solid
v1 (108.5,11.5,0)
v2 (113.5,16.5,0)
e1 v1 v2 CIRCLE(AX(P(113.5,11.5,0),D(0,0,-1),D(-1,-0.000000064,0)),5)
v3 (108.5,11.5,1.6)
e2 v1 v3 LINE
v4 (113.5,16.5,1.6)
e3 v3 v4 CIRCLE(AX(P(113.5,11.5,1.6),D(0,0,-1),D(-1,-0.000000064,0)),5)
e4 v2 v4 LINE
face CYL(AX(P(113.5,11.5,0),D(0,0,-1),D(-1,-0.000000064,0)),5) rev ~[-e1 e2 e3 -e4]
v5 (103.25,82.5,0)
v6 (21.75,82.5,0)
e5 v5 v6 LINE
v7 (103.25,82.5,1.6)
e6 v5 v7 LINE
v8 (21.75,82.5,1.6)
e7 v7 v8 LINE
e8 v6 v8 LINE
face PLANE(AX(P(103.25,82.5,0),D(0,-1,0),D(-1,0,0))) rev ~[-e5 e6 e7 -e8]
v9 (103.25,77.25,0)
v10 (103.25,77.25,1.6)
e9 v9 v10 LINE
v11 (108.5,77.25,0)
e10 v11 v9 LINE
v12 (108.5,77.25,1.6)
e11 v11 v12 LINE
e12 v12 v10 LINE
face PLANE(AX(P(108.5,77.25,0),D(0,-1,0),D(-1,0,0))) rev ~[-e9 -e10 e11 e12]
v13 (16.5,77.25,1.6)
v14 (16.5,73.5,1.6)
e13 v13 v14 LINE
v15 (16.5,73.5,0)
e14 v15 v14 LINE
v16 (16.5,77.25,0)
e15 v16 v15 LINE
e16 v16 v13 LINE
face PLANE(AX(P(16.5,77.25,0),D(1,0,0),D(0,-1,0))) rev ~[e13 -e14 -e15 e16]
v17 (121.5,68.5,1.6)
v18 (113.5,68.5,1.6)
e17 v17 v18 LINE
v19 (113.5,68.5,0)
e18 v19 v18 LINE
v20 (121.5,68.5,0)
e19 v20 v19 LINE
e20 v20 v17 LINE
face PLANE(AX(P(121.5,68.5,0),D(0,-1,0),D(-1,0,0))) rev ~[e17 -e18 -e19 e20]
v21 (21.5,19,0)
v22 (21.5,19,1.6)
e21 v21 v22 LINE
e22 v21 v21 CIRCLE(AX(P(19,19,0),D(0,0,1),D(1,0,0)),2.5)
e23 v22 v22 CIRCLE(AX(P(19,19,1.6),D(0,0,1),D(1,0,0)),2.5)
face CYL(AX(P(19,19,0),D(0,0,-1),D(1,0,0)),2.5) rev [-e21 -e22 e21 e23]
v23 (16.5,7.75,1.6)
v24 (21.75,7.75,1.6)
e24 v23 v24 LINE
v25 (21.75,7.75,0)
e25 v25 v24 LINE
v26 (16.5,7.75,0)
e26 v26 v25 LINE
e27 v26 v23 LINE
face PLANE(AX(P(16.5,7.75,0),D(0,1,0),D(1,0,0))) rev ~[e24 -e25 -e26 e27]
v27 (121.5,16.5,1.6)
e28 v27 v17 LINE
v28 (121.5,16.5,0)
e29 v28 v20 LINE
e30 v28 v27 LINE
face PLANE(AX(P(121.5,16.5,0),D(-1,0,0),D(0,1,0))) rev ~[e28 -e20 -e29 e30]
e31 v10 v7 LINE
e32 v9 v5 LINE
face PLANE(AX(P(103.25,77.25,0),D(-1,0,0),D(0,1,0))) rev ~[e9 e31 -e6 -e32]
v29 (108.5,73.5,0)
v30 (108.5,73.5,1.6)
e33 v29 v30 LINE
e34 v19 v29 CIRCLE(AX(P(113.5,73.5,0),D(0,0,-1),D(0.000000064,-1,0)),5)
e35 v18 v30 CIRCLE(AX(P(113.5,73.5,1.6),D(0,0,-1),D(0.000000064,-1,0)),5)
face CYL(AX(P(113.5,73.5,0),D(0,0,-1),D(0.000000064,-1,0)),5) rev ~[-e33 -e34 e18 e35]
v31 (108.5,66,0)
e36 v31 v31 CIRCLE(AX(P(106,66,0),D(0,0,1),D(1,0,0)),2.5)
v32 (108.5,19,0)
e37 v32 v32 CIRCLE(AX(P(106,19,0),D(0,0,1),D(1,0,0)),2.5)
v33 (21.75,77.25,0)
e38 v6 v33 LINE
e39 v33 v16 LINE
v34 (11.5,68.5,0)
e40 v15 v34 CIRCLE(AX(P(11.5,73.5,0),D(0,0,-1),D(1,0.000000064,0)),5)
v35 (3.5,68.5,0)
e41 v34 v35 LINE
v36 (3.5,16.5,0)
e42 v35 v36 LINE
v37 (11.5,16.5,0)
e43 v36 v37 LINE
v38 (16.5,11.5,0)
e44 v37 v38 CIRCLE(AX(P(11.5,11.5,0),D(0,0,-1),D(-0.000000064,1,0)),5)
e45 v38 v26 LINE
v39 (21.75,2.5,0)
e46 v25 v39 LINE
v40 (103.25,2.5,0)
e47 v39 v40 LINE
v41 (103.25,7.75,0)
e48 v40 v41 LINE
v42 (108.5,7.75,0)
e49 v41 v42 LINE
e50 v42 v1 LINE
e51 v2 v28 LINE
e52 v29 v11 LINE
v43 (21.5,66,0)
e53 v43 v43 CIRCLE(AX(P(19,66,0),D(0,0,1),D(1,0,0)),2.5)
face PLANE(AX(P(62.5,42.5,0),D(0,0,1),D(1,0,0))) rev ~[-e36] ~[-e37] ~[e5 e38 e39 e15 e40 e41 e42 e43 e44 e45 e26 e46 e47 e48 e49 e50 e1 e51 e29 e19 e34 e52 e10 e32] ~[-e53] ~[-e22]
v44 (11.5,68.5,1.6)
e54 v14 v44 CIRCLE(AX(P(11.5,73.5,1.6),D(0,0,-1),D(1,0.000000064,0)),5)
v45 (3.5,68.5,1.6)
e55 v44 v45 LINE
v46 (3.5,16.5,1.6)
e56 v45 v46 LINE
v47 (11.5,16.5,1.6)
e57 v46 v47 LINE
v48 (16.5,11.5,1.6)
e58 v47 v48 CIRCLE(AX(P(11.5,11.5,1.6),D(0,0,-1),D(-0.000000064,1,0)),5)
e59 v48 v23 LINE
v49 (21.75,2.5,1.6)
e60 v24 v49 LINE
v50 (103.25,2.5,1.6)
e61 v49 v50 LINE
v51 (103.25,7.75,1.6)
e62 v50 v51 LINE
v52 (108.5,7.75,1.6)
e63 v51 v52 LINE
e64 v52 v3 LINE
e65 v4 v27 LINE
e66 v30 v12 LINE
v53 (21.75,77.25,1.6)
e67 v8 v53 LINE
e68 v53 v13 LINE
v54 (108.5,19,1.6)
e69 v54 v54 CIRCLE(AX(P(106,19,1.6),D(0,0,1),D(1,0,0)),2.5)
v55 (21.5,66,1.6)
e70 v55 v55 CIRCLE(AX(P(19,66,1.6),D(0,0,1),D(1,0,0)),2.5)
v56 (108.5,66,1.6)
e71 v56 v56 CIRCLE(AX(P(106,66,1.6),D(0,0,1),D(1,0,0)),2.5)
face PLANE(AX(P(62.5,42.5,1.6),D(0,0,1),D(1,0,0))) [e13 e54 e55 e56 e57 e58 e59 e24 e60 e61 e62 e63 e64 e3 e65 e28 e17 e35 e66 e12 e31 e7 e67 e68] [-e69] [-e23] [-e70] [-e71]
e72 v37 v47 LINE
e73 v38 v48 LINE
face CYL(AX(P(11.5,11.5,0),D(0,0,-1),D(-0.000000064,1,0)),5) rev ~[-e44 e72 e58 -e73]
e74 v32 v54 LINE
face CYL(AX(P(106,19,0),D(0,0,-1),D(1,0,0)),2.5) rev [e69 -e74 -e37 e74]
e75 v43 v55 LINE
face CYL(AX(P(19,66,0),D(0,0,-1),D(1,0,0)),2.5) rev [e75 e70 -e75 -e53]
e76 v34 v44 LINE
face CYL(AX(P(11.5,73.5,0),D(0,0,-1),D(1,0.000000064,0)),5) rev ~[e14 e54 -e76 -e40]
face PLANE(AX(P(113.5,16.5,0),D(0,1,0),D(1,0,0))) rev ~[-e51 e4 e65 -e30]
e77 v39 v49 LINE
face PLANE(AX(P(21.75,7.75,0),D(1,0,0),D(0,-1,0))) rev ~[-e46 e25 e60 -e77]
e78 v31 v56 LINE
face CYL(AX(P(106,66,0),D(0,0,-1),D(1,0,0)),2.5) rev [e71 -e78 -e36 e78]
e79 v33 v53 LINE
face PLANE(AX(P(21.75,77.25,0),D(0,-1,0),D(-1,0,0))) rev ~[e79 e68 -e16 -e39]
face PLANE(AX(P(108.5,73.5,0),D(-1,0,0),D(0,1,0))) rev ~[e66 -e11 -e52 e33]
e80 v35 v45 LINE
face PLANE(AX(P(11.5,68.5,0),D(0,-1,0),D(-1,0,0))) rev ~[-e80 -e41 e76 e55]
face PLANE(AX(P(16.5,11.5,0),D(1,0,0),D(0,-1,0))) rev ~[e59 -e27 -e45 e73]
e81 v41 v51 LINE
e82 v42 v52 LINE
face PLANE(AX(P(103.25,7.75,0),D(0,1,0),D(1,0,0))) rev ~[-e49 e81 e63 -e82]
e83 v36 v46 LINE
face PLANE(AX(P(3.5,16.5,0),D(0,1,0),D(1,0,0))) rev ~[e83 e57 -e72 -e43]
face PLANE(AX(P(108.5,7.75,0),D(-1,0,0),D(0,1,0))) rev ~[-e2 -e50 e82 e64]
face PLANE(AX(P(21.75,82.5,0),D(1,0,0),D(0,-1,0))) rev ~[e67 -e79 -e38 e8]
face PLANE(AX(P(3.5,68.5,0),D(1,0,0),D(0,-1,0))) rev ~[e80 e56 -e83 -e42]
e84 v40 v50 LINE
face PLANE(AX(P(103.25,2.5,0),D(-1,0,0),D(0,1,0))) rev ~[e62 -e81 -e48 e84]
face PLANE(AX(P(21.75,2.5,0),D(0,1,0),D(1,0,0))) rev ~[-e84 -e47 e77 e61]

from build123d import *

# Parameters (mm, degrees)
F0_R     = 2.5
F1_DEPTH = 1.6


with BuildPart() as f1:
    # F0 (on Top) → F1 (new body)
    with BuildSketch(Plane.XY):
        with BuildLine():
            ThreePointArc((16.5, 73.5), (15.035534, 69.964466), (11.5, 68.5))
            Line((11.5, 68.5), (3.5, 68.5))
            Line((3.5, 68.5), (3.5, 16.5))
            Line((3.5, 16.5), (11.5, 16.5))
            ThreePointArc((11.5, 16.5), (15.035534, 15.035534), (16.5, 11.5))
            Line((16.5, 11.5), (16.5, 7.75))
            Line((16.5, 7.75), (21.75, 7.75))
            Line((21.75, 7.75), (21.75, 4))
            Line((21.75, 4), (21.75, 2.5))
            Line((21.75, 2.5), (103.25, 2.5))
            Line((103.25, 2.5), (103.25, 4))
            Line((103.25, 4), (103.25, 7.75))
            Line((103.25, 7.75), (108.5, 7.75))
            Line((108.5, 7.75), (108.5, 11.5))
            ThreePointArc((108.5, 11.5), (109.964466, 15.035534), (113.5, 16.5))
            Line((113.5, 16.5), (121.5, 16.5))
            Line((121.5, 16.5), (121.5, 68.5))
            Line((121.5, 68.5), (113.5, 68.5))
            ThreePointArc((113.5, 68.5), (109.964466, 69.964466), (108.5, 73.5))
            Line((108.5, 73.5), (108.5, 77.25))
            Line((108.5, 77.25), (103.25, 77.25))
            Line((103.25, 77.25), (103.25, 81))
            Line((103.25, 81), (103.25, 82.5))
            Line((103.25, 82.5), (21.75, 82.5))
            Line((21.75, 82.5), (21.75, 81))
            Line((21.75, 81), (21.75, 77.25))
            Line((21.75, 77.25), (16.5, 77.25))
            Line((16.5, 77.25), (16.5, 73.5))
        make_face()
        with Locations((19, 19)):
            Circle(F0_R, mode=Mode.SUBTRACT)
        with Locations((106, 19)):
            Circle(F0_R, mode=Mode.SUBTRACT)
        with Locations((19, 66)):
            Circle(F0_R, mode=Mode.SUBTRACT)
        with Locations((106, 66)):
            Circle(F0_R, mode=Mode.SUBTRACT)
    extrude(amount=F1_DEPTH)


solid = f1.part
